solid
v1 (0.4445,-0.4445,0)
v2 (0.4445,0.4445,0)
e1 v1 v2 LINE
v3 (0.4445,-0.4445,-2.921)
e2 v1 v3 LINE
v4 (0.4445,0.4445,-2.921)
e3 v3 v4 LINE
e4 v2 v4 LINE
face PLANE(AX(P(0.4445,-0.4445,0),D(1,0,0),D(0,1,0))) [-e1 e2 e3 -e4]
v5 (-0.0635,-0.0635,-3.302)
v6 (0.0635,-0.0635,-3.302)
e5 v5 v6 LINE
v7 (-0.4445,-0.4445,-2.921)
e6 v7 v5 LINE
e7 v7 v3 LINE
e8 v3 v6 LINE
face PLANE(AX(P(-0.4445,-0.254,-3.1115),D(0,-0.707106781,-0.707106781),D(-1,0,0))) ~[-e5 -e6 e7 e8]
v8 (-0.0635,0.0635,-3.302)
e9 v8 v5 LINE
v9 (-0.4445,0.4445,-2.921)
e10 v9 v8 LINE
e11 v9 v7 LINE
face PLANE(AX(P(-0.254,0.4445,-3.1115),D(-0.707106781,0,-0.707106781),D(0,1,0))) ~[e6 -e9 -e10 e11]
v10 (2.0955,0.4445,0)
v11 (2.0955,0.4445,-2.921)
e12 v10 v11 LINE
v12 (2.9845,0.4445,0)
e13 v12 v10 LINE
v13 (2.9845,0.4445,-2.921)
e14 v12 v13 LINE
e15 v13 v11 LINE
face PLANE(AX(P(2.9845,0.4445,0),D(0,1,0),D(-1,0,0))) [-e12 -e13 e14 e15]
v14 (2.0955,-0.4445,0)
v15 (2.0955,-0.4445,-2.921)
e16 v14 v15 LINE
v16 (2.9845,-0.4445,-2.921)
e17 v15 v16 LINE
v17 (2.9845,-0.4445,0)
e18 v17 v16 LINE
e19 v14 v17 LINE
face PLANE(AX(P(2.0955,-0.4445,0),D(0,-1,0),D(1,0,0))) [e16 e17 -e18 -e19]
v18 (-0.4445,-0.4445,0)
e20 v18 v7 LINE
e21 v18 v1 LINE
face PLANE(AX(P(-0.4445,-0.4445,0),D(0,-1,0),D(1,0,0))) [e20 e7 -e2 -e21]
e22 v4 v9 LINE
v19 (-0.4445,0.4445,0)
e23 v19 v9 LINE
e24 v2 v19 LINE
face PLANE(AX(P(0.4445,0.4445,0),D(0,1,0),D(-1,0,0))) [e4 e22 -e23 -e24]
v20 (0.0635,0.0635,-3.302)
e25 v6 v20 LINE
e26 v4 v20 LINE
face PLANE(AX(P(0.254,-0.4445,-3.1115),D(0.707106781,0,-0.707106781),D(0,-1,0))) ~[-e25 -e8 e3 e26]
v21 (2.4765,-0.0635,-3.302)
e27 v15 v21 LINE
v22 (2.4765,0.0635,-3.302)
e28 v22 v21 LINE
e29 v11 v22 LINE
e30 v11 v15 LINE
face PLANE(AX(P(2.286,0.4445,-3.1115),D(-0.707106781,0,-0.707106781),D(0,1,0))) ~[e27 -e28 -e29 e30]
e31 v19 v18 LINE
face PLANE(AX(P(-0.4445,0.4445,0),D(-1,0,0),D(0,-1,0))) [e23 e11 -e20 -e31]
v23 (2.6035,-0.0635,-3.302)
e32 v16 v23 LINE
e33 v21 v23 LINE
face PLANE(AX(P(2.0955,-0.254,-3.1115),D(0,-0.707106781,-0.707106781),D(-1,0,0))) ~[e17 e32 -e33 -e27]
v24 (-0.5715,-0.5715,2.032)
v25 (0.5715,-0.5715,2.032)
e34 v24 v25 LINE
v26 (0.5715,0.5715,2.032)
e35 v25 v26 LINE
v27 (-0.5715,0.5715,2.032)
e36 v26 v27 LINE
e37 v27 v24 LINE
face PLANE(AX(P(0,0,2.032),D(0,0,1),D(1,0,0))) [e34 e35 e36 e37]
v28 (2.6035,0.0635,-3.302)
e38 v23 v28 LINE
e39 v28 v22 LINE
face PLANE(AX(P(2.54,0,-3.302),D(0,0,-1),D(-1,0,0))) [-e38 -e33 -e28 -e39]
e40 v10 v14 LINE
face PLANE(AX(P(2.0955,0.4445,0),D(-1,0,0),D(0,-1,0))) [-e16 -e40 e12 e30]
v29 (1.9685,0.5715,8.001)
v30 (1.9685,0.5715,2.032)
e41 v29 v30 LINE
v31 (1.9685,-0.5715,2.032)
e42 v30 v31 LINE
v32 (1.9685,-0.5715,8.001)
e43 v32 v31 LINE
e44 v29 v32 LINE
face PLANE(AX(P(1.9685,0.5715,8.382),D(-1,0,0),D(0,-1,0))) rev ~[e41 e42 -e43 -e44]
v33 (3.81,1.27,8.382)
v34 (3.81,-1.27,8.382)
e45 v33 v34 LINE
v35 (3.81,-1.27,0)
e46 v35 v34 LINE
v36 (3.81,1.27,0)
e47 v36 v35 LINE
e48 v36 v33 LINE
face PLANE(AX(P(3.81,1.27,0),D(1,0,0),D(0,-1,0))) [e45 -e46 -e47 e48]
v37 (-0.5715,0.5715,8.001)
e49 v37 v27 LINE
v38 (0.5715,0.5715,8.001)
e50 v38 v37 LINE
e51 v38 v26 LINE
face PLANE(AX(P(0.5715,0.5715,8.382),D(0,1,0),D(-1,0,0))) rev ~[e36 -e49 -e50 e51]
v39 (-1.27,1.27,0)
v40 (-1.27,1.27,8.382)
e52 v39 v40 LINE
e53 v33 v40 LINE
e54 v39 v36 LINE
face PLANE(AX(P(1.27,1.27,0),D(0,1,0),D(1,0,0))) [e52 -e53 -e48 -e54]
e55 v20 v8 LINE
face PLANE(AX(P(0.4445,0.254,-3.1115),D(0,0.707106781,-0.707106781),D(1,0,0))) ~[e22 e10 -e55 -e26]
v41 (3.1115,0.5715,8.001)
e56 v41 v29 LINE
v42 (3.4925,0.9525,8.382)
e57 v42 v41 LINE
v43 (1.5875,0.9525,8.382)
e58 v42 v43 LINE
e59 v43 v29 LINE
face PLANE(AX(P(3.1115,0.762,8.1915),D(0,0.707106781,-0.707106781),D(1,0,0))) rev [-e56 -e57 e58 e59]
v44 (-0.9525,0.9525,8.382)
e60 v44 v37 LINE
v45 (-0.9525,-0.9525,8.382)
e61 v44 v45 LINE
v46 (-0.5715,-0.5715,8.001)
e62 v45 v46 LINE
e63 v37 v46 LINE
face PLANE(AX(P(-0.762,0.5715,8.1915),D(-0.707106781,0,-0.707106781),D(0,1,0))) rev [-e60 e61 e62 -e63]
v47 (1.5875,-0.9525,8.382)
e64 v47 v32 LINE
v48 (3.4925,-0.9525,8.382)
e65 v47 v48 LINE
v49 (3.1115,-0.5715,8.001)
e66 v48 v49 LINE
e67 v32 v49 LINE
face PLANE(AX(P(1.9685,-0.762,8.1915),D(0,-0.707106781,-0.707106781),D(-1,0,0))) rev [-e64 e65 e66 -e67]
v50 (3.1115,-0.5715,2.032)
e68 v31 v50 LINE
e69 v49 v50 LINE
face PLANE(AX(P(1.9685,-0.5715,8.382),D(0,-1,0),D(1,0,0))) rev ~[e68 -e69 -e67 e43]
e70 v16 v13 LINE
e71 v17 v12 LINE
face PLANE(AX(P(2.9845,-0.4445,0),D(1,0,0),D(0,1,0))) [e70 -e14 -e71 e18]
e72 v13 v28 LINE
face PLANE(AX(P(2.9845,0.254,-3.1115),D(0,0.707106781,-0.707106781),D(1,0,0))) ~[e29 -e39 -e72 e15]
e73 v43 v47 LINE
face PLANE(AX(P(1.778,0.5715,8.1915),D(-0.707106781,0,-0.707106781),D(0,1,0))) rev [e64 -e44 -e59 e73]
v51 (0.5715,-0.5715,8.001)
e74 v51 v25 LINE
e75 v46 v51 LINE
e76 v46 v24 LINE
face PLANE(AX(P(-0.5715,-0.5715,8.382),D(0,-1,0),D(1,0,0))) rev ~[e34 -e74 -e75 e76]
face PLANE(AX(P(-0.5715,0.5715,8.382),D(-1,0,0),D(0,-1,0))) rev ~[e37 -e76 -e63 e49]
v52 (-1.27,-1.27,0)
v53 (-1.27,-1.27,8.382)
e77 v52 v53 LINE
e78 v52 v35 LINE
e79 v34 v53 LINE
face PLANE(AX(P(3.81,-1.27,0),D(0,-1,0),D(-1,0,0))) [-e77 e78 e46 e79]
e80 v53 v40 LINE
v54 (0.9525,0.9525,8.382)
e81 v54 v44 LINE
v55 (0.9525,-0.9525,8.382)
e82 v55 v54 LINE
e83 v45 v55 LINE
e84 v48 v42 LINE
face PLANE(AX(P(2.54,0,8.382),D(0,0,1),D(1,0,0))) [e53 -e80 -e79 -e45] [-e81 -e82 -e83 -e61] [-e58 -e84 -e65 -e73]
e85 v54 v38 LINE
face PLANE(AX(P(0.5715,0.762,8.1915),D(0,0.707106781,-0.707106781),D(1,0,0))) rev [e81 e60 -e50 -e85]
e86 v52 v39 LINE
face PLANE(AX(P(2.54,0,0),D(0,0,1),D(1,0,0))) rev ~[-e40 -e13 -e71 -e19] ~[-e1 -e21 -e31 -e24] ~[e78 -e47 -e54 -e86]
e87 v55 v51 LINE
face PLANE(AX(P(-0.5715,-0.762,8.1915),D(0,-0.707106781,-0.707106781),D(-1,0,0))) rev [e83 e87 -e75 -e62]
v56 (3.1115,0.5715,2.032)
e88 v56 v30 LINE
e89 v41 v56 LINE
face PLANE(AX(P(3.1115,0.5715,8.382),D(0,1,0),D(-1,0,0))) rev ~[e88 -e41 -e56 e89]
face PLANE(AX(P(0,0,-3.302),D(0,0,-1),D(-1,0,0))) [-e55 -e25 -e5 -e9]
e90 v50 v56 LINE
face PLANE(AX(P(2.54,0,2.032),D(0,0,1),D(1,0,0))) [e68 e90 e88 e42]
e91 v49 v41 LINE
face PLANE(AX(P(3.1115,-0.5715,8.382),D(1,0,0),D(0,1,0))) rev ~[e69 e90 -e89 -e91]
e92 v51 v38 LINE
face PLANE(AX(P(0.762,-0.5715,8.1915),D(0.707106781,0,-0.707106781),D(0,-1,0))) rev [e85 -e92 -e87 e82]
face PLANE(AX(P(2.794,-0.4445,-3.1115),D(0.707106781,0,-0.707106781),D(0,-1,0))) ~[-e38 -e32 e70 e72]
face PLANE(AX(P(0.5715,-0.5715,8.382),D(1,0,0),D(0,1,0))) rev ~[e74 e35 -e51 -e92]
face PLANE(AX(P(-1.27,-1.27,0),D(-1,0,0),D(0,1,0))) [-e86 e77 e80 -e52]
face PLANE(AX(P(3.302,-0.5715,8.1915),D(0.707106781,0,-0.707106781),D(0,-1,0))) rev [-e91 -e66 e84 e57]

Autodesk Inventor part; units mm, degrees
ref_plane "YZ Plane" through (0, 0, 0) normal (1, 0, 0) x (0, 1, 0)
ref_plane "XZ Plane" through (0, 0, 0) normal (0, 1, 0) x (-1, 0, 0)
ref_plane "XY Plane" through (0, 0, 0) normal (0, 0, 1) x (1, 0, 0)
sketch "Sketch1" plane through (0, 0, 0) normal (0, 0, 1) x (1, 0, 0)
  line L0 (1.27, -1.27) -> (-1.27, -1.27)
  line L1 (-1.27, -1.27) -> (-1.27, 1.27)
  line L2 (-1.27, 1.27) -> (1.27, 1.27)
  line L3 (1.27, 1.27) -> (1.27, -1.27)
  line L4 (1.27, -1.27) -> (-1.27, 1.27) construction
  line L5 (-1.27, -1.27) -> (1.27, 1.27) construction
  point P0 (0, 0)
  dimension "d0" = 2.54
  dimension "d1" = 2.54
extrude "Extrusion1" add sketch "Sketch1" along normal blind 8.382
sketch "Sketch2" plane through (0, 0, 8.382) normal (0, 0, 1) x (1, 0, 0)
  line L0 (0.5715, 0.5715) -> (-0.5715, 0.5715)
  line L1 (-0.5715, 0.5715) -> (-0.5715, -0.5715)
  line L2 (-0.5715, -0.5715) -> (0.5715, -0.5715)
  line L3 (0.5715, -0.5715) -> (0.5715, 0.5715)
  line L4 (0.5715, 0.5715) -> (-0.5715, -0.5715) construction
  line L5 (-0.5715, 0.5715) -> (0.5715, -0.5715) construction
  point P0 (0, 0)
  dimension "d4" = 1.143
extrude "Extrusion2" cut sketch "Sketch2" against normal blind 6.35
chamfer "Chamfer1" distance 0.381 angle 45 4 edges at (0, 0.5715, 8.382) (-0.5715, 0, 8.382) (0, -0.5715, 8.382) (0.5715, 0, 8.382)
sketch "Sketch3" plane through (0, 0, 0) normal (0, 0, -1) x (-1, 0, 0)
  line L0 (0.4445, -0.4445) -> (-0.4445, -0.4445)
  line L1 (-0.4445, -0.4445) -> (-0.4445, 0.4445)
  line L2 (-0.4445, 0.4445) -> (0.4445, 0.4445)
  line L3 (0.4445, 0.4445) -> (0.4445, -0.4445)
  line L4 (0.4445, -0.4445) -> (-0.4445, 0.4445) construction
  line L5 (-0.4445, -0.4445) -> (0.4445, 0.4445) construction
  point P0 (0, 0)
  dimension "d10" = 0.889
extrude "Extrusion3" add sketch "Sketch3" along normal blind 3.302
chamfer "Chamfer2" distance 0.381 angle 45 4 edges at (0, 0.4445, -3.302) (-0.4445, 0, -3.302) (0, -0.4445, -3.302) (0.4445, 0, -3.302)
pattern_linear "Rectangular Pattern1" count 2 spacing 2.54 along (1, 0, 0) of "Extrusion1", "Extrusion2", "Chamfer1", "Extrusion3", "Chamfer2"
equation "\"d1\" = d0"
properties part number "2  female pin"
